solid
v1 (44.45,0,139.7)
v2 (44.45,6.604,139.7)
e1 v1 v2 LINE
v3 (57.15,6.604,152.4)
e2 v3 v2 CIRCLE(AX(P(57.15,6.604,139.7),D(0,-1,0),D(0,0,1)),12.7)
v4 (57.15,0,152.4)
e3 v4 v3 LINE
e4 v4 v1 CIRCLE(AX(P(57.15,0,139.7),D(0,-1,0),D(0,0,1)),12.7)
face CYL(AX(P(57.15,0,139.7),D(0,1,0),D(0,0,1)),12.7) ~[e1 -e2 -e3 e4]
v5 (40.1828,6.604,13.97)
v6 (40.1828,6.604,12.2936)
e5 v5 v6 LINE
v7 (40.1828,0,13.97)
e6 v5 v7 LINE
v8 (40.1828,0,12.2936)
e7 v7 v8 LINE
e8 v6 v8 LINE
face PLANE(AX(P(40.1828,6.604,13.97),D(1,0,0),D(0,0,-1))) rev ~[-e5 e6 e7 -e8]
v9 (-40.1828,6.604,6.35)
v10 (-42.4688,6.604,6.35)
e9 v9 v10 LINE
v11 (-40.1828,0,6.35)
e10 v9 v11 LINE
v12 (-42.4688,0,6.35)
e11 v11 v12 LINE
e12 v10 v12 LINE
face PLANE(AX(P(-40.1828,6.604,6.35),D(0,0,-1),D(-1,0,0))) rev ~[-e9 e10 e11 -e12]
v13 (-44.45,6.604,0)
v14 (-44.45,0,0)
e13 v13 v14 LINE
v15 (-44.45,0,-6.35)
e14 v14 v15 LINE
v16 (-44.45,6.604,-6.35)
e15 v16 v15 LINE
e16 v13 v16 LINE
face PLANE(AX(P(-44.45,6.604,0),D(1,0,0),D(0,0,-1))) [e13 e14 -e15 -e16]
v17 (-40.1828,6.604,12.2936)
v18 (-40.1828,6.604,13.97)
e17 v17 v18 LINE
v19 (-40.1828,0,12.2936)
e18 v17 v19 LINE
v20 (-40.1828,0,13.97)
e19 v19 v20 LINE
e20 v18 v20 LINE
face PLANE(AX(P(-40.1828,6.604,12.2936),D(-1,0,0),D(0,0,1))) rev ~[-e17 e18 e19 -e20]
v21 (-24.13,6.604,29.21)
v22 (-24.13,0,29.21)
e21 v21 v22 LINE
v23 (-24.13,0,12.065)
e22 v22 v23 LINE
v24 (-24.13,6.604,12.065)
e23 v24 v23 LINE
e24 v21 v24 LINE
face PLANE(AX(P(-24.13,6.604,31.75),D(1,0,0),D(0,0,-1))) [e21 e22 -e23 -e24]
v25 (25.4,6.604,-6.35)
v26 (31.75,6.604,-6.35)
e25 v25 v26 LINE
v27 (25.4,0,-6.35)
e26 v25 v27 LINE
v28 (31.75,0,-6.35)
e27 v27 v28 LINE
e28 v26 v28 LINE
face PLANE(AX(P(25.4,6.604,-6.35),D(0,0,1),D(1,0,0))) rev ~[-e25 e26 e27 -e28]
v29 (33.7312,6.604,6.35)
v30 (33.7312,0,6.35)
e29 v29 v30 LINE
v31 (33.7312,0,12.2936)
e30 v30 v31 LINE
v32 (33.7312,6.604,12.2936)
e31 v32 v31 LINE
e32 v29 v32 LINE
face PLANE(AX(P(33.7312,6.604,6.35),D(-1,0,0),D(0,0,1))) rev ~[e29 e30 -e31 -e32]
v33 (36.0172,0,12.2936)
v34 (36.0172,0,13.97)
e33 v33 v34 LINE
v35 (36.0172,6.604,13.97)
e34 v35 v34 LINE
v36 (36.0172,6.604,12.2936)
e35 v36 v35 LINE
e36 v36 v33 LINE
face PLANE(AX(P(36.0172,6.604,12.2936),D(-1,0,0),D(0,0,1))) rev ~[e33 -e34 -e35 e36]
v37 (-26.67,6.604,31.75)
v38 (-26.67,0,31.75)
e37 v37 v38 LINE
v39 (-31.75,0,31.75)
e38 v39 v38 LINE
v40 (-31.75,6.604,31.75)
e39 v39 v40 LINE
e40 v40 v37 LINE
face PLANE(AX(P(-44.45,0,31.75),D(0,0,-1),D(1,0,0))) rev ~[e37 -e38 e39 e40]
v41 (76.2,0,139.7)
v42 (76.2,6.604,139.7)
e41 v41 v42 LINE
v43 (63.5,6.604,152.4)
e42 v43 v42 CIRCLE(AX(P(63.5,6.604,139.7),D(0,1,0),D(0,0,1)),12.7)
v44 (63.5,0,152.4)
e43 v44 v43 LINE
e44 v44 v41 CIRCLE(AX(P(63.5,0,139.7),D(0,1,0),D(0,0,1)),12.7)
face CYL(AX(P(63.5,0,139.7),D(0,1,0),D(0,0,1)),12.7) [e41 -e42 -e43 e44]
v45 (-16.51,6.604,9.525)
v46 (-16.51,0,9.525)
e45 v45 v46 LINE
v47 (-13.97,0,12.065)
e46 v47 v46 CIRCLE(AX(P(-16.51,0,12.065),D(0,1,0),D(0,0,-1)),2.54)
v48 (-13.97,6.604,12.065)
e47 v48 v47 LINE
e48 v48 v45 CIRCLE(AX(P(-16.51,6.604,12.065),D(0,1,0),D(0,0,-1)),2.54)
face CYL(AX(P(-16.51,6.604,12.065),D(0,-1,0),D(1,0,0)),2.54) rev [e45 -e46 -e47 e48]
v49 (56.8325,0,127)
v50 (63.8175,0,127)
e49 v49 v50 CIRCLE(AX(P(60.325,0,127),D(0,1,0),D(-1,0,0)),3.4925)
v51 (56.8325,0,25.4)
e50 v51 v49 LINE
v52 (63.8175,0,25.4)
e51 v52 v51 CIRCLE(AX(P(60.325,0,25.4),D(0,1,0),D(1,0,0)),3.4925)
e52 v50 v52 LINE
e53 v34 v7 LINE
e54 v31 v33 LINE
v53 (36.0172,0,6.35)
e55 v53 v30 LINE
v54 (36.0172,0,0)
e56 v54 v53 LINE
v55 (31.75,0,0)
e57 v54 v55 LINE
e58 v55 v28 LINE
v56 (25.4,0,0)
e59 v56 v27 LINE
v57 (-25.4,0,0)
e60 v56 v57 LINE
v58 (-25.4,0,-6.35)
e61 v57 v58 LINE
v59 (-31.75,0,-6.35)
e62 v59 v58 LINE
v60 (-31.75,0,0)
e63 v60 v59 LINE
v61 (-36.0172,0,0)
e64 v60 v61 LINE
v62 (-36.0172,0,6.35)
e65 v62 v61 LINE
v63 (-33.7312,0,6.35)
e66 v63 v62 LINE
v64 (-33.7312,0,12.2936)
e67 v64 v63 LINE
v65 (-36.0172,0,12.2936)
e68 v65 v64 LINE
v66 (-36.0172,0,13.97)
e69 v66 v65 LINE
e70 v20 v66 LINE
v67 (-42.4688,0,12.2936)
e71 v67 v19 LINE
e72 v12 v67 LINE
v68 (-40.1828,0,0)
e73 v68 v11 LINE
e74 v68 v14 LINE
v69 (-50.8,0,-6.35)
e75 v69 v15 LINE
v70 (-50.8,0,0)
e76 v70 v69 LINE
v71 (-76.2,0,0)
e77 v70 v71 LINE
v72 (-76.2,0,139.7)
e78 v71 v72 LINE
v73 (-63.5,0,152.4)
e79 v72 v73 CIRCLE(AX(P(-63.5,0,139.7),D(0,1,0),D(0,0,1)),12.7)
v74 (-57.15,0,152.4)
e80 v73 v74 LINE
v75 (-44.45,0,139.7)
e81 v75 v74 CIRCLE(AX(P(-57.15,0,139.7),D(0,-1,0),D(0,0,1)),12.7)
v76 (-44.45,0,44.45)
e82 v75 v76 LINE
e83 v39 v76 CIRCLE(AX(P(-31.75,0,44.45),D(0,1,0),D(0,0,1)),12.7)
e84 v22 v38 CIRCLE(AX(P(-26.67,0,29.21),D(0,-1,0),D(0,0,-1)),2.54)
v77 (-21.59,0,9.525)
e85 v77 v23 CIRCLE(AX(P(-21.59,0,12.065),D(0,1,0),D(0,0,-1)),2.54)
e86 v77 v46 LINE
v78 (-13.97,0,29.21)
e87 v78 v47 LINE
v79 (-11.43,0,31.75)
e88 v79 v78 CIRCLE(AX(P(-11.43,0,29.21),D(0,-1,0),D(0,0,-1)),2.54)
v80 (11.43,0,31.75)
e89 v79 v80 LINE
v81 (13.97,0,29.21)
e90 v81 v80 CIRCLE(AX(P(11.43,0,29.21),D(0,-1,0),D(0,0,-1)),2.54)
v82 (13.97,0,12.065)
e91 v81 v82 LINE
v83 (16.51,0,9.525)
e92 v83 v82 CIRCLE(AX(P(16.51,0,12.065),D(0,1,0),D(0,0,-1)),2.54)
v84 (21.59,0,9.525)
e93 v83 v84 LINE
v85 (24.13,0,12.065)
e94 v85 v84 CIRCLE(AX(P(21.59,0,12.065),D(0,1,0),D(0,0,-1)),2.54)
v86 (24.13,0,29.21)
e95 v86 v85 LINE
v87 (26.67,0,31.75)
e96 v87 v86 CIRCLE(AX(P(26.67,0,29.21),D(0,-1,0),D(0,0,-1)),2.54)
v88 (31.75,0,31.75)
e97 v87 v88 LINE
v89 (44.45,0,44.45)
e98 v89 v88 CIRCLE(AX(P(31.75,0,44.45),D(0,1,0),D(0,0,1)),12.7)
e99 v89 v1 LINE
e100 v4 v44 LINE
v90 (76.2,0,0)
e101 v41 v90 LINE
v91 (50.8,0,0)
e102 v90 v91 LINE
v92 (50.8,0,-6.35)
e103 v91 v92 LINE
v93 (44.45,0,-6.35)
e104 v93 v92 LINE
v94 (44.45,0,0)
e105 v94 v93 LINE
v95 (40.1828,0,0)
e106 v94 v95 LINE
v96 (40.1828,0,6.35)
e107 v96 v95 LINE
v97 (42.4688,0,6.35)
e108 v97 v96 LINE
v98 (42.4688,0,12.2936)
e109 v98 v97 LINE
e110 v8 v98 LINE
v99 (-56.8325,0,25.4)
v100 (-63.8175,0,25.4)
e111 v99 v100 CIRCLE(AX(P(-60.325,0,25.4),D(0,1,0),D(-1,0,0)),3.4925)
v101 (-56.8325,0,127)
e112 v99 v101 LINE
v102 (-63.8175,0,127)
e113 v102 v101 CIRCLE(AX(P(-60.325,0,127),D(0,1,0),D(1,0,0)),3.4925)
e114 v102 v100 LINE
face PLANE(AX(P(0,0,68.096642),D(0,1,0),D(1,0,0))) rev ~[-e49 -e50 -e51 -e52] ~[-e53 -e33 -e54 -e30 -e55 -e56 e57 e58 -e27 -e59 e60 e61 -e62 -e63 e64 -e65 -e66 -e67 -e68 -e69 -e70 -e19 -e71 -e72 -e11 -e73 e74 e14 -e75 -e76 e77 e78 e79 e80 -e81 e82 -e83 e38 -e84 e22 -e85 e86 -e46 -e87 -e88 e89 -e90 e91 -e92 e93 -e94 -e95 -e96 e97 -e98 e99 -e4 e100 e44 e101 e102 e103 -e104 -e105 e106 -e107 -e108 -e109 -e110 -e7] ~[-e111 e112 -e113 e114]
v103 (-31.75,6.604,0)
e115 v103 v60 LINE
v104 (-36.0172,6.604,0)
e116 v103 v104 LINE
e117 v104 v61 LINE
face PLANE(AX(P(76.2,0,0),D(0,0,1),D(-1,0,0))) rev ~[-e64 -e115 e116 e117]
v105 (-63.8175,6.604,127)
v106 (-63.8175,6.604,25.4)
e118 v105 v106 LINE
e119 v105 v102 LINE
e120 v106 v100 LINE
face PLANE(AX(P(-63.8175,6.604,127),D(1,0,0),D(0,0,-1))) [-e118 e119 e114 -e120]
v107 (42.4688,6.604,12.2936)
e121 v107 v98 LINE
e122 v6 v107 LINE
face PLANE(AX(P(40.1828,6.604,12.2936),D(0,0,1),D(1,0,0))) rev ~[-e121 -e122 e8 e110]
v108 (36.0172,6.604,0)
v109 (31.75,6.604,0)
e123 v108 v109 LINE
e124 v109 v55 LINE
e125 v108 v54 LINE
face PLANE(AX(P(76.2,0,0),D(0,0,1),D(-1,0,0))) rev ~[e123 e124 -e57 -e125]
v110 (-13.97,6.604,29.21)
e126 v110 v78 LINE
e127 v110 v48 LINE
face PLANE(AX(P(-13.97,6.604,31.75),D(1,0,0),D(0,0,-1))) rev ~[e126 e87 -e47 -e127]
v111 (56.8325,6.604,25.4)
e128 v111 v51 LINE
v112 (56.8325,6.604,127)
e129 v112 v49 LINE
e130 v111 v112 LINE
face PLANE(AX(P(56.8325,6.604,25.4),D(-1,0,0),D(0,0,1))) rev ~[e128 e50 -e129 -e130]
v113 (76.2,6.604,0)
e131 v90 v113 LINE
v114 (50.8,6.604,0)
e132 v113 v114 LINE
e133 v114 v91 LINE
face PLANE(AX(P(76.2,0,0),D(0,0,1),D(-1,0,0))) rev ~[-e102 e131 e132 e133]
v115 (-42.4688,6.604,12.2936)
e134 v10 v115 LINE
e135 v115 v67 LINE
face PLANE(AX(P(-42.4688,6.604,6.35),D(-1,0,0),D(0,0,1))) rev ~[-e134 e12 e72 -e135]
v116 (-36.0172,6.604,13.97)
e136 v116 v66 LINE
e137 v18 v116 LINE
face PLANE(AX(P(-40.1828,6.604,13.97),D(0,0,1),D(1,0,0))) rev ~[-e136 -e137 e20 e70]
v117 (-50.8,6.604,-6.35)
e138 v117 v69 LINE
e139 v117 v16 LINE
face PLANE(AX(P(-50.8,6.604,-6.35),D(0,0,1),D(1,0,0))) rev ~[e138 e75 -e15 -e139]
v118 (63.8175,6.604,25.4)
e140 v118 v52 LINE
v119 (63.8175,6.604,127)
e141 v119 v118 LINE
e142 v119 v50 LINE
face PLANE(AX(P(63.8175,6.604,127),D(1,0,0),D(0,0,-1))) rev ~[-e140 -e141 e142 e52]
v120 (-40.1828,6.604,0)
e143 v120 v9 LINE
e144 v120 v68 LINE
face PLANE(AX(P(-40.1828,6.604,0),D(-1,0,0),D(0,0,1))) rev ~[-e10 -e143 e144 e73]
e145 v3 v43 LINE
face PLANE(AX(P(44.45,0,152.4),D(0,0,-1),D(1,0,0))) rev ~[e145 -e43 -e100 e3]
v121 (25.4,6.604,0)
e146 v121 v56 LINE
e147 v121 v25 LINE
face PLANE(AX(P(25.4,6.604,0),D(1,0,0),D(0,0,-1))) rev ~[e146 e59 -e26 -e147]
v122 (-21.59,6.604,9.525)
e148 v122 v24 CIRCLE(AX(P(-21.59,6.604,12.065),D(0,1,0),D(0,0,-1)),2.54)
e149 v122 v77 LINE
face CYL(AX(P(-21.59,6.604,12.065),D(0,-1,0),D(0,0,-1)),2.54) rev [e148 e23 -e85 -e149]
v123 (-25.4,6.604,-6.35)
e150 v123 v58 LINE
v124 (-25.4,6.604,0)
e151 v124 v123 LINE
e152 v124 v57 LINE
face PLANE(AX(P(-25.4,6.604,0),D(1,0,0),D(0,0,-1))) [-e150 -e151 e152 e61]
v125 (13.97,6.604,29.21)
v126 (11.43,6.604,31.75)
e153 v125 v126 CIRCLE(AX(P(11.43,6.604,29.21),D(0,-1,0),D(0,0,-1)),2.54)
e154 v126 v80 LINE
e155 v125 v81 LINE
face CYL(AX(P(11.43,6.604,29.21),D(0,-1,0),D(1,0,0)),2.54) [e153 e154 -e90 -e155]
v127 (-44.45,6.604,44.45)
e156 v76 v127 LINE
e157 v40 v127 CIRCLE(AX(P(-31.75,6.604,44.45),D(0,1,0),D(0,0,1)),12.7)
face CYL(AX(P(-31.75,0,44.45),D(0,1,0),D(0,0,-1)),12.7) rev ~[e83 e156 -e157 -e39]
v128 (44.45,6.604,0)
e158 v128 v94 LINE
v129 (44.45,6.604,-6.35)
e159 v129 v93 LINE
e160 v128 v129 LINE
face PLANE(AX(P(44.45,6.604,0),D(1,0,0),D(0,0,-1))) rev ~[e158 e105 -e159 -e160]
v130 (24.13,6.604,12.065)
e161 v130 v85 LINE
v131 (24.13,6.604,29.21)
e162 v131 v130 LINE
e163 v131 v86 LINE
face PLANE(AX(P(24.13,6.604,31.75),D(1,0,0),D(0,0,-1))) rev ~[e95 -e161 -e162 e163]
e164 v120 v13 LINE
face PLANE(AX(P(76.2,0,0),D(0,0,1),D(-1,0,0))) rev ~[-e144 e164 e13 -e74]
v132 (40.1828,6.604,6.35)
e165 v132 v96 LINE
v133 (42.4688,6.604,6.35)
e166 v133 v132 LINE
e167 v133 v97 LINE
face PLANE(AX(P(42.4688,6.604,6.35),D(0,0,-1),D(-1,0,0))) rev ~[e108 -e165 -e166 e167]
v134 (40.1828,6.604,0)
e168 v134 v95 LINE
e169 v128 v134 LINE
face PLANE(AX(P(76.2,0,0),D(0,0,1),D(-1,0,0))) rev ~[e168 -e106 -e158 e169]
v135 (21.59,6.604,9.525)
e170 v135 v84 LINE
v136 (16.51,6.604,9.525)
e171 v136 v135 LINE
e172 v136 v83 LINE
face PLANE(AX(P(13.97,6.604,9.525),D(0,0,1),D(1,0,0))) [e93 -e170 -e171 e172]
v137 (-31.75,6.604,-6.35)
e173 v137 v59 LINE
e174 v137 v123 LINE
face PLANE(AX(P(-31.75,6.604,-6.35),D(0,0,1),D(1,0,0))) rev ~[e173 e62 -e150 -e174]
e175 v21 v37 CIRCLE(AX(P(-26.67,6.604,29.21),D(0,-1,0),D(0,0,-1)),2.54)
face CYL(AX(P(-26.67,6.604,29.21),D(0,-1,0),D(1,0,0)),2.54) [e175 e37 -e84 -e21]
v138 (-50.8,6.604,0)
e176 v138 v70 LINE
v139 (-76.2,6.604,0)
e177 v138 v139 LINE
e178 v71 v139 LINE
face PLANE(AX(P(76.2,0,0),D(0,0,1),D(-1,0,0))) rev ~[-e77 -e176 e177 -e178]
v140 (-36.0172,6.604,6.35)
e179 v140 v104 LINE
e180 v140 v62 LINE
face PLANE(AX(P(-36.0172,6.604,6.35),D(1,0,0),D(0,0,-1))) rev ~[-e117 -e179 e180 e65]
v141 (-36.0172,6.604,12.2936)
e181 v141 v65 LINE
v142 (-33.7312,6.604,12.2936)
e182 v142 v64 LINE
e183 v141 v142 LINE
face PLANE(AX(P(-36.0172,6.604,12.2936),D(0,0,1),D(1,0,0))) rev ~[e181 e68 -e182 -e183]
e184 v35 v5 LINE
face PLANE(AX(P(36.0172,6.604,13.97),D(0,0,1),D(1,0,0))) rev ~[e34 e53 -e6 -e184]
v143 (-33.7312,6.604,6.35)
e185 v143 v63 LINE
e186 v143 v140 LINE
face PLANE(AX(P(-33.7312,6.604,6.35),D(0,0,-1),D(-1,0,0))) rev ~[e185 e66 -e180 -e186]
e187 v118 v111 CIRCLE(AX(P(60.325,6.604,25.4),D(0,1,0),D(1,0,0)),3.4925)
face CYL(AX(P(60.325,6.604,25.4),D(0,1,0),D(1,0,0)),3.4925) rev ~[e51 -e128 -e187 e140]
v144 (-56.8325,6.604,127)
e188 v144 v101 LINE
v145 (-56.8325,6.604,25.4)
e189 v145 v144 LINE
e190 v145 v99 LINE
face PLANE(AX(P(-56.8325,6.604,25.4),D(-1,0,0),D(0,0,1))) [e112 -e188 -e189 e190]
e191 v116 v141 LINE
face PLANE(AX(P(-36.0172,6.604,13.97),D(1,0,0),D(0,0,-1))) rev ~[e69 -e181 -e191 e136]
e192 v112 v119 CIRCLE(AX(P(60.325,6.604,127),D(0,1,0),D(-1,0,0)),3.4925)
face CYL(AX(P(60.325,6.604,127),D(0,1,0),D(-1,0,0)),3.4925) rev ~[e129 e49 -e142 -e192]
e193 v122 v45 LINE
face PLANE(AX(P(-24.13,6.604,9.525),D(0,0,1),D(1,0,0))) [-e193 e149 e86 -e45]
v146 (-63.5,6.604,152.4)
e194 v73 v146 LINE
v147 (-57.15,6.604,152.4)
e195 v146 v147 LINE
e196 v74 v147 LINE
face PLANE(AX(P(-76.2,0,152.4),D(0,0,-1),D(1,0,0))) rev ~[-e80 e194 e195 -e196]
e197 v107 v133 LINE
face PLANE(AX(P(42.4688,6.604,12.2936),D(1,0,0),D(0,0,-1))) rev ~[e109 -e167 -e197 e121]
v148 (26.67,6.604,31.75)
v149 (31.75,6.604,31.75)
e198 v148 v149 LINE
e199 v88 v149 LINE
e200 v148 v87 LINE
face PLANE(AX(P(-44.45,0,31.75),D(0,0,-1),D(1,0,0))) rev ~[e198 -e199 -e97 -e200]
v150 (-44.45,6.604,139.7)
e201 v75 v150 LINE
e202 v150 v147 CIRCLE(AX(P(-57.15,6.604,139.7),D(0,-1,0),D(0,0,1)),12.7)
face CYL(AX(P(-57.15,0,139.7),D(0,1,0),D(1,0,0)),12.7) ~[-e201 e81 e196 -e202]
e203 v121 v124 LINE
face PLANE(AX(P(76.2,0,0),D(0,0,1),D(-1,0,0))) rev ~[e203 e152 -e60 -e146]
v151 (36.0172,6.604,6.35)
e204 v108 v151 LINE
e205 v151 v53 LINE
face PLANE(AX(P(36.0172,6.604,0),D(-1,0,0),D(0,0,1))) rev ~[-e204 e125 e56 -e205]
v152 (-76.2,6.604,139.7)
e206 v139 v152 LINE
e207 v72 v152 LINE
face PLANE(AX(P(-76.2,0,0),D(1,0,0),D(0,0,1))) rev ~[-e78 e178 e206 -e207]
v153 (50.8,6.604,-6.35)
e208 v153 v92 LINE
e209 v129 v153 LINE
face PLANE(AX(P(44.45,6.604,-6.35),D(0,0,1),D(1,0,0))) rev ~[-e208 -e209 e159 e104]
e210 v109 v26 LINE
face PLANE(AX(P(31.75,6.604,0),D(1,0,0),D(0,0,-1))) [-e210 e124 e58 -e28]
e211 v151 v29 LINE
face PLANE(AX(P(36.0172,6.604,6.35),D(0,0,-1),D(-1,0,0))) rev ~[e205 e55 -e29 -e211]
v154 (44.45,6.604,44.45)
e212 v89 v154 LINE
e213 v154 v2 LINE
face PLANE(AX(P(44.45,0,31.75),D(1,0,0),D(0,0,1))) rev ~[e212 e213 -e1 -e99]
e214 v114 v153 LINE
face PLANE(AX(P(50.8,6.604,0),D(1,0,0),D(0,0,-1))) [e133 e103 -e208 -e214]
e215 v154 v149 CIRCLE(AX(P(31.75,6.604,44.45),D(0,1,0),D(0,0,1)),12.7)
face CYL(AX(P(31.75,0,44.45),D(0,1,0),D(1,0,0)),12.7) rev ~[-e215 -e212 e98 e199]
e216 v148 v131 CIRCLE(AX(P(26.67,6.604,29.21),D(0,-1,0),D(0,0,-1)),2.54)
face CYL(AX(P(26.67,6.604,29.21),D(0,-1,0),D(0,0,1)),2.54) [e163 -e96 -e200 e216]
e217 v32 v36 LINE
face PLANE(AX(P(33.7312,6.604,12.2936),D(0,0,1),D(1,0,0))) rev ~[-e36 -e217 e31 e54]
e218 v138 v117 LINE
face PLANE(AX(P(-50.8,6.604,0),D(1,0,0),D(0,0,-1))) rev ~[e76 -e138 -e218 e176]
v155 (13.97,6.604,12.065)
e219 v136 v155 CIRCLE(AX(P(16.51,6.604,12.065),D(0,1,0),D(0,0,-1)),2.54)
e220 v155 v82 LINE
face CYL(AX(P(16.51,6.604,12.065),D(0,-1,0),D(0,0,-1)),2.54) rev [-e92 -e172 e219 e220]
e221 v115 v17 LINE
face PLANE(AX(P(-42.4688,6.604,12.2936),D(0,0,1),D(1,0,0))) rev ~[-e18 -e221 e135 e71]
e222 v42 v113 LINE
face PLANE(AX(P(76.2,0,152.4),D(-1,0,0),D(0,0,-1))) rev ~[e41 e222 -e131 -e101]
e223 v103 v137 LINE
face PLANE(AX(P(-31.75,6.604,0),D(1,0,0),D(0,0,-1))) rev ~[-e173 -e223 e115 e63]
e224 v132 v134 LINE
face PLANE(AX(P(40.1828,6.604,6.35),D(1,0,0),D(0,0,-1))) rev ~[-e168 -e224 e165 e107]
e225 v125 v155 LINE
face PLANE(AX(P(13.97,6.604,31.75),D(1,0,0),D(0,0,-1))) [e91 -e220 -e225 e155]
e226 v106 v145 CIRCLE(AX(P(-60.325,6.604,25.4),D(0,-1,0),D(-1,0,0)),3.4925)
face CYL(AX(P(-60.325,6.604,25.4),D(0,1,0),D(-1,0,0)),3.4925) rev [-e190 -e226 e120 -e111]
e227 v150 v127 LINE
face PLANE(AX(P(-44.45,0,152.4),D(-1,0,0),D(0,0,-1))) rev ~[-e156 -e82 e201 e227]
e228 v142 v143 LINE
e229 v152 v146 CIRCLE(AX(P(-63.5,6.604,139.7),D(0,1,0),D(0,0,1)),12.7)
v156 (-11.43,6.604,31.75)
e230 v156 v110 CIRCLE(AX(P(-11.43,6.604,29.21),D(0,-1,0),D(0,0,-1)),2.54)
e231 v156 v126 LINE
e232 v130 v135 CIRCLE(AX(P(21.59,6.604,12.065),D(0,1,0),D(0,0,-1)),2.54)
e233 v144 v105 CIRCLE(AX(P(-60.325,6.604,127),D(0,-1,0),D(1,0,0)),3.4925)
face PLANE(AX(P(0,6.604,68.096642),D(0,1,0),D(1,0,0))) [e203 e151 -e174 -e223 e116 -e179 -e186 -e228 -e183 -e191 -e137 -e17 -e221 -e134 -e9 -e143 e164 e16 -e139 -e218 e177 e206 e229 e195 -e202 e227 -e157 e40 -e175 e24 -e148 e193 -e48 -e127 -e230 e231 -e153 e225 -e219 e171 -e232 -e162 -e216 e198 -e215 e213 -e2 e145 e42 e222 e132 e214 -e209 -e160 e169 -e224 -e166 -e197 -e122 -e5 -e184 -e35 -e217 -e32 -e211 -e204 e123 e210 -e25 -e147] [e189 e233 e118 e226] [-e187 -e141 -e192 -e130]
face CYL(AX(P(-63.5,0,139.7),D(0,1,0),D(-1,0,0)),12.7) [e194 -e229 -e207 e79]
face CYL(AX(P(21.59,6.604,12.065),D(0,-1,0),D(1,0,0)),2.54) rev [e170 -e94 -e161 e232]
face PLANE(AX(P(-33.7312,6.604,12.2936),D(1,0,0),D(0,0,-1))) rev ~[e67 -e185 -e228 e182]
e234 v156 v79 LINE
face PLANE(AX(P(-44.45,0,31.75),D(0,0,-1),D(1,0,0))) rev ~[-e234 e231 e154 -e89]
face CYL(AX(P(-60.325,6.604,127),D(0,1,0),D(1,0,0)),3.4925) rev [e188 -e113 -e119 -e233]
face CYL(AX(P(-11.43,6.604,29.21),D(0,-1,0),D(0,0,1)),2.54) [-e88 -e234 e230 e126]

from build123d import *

# Parameters (mm, degrees)
BOSS_EXTRUDE1_DEPTH = 6.604
CUT_EXTRUDE1_DEPTH  = 7.604
FILLET1_R           = 12.7
CUT_EXTRUDE2_DEPTH  = 7.604
SKETCH5_W           = 6.35
SKETCH5_H           = 6.35
BOSS_EXTRUDE2_DEPTH = 6.604
SKETCH6_W           = 10.16
SKETCH6_H           = 22.225
CUT_EXTRUDE5_DEPTH  = 7.604
FILLET2_R           = 2.54


with BuildPart() as part:
    # Sketch1 → Boss-Extrude1 (new body)
    with BuildSketch(Plane(origin=(0, 0, 0), x_dir=(1, 0, 0), z_dir=(0, 1, 0))):
        Polygon((44.45, -152.4), (76.2, -152.4), (76.2, 0), (-76.2, 0), (-76.2, -152.4), (-44.45, -152.4), (-44.45, -31.75), (44.45, -31.75), align=None)
    extrude(amount=BOSS_EXTRUDE1_DEPTH)

    # Sketch2 → Cut-Extrude1 (cut, through all)
    with BuildSketch(Plane(origin=(0, 6.604, 0), x_dir=(1, 0, 0), z_dir=(0, 1, 0))):
        with BuildLine():
            Line((-56.8325, -25.4), (-56.8325, -127))
            ThreePointArc((-56.8325, -127), (-60.325, -130.4925), (-63.8175, -127))
            Line((-63.8175, -127), (-63.8175, -25.4))
            ThreePointArc((-63.8175, -25.4), (-60.325, -21.9075), (-56.8325, -25.4))
        make_face()
        with BuildLine():
            Line((56.8325, -25.4), (56.8325, -127))
            ThreePointArc((56.8325, -127), (60.325, -130.4925), (63.8175, -127))
            Line((63.8175, -127), (63.8175, -25.4))
            ThreePointArc((63.8175, -25.4), (60.325, -21.9075), (56.8325, -25.4))
        make_face()
    extrude(amount=-CUT_EXTRUDE1_DEPTH, mode=Mode.SUBTRACT)

    # Fillet1
    fillet1_edges = [part.edges().sort_by_distance(p)[0] for p in [
        (76.2, 3.302, 152.4),
        (44.45, 3.302, 152.4),
        (44.45, 3.302, 31.75),
        (-44.45, 3.302, 31.75),
        (-44.45, 3.302, 152.4),
        (-76.2, 3.302, 152.4),
    ]]
    fillet(fillet1_edges, radius=FILLET1_R)

    # Sketch4 → Cut-Extrude2 (cut, through all)
    with BuildSketch(Plane(origin=(0, 6.604, 0), x_dir=(1, 0, 0), z_dir=(0, 1, 0))):
        Polygon((-40.1828, 0), (-40.1828, -6.35), (-42.4688, -6.35), (-42.4688, -12.2936), (-40.1828, -12.2936), (-40.1828, -13.97), (-36.0172, -13.97), (-36.0172, -12.2936), (-33.7312, -12.2936), (-33.7312, -6.35), (-36.0172, -6.35), (-36.0172, 0), align=None)
        Polygon((36.0172, 0), (36.0172, -6.35), (33.7312, -6.35), (33.7312, -12.2936), (36.0172, -12.2936), (36.0172, -13.97), (40.1828, -13.97), (40.1828, -12.2936), (42.4688, -12.2936), (42.4688, -6.35), (40.1828, -6.35), (40.1828, 0), align=None)
    extrude(amount=-CUT_EXTRUDE2_DEPTH, mode=Mode.SUBTRACT)

    # Sketch5 → Boss-Extrude2 (add)
    with BuildSketch(Plane(origin=(0, 6.604, 0), x_dir=(1, 0, 0), z_dir=(0, 1, 0))):
        with Locations((-47.625, 3.175)):
            Rectangle(SKETCH5_W, SKETCH5_H)
        with Locations((-28.575, 3.175)):
            Rectangle(SKETCH5_W, SKETCH5_H)
        with Locations((47.625, 3.175)):
            Rectangle(SKETCH5_W, SKETCH5_H)
        with Locations((28.575, 3.175)):
            Rectangle(SKETCH5_W, SKETCH5_H)
    extrude(amount=-BOSS_EXTRUDE2_DEPTH)

    # Sketch6 → Cut-Extrude5 (cut, through all)
    with BuildSketch(Plane(origin=(0, 6.604, 0), x_dir=(1, 0, 0), z_dir=(0, 1, 0))):
        with Locations((-19.05, -20.6375)):
            Rectangle(SKETCH6_W, SKETCH6_H)
        with Locations((19.05, -20.6375)):
            Rectangle(SKETCH6_W, SKETCH6_H)
    extrude(amount=-CUT_EXTRUDE5_DEPTH, mode=Mode.SUBTRACT)

    # Fillet2
    fillet2_edges = [part.edges().sort_by_distance(p)[0] for p in [
        (-24.13, 3.302, 31.75),
        (-24.13, 3.302, 9.525),
        (-13.97, 3.302, 9.525),
        (-13.97, 3.302, 31.75),
        (13.97, 3.302, 31.75),
        (13.97, 3.302, 9.525),
        (24.13, 3.302, 9.525),
        (24.13, 3.302, 31.75),
    ]]
    fillet(fillet2_edges, radius=FILLET2_R)


solid = part.part
